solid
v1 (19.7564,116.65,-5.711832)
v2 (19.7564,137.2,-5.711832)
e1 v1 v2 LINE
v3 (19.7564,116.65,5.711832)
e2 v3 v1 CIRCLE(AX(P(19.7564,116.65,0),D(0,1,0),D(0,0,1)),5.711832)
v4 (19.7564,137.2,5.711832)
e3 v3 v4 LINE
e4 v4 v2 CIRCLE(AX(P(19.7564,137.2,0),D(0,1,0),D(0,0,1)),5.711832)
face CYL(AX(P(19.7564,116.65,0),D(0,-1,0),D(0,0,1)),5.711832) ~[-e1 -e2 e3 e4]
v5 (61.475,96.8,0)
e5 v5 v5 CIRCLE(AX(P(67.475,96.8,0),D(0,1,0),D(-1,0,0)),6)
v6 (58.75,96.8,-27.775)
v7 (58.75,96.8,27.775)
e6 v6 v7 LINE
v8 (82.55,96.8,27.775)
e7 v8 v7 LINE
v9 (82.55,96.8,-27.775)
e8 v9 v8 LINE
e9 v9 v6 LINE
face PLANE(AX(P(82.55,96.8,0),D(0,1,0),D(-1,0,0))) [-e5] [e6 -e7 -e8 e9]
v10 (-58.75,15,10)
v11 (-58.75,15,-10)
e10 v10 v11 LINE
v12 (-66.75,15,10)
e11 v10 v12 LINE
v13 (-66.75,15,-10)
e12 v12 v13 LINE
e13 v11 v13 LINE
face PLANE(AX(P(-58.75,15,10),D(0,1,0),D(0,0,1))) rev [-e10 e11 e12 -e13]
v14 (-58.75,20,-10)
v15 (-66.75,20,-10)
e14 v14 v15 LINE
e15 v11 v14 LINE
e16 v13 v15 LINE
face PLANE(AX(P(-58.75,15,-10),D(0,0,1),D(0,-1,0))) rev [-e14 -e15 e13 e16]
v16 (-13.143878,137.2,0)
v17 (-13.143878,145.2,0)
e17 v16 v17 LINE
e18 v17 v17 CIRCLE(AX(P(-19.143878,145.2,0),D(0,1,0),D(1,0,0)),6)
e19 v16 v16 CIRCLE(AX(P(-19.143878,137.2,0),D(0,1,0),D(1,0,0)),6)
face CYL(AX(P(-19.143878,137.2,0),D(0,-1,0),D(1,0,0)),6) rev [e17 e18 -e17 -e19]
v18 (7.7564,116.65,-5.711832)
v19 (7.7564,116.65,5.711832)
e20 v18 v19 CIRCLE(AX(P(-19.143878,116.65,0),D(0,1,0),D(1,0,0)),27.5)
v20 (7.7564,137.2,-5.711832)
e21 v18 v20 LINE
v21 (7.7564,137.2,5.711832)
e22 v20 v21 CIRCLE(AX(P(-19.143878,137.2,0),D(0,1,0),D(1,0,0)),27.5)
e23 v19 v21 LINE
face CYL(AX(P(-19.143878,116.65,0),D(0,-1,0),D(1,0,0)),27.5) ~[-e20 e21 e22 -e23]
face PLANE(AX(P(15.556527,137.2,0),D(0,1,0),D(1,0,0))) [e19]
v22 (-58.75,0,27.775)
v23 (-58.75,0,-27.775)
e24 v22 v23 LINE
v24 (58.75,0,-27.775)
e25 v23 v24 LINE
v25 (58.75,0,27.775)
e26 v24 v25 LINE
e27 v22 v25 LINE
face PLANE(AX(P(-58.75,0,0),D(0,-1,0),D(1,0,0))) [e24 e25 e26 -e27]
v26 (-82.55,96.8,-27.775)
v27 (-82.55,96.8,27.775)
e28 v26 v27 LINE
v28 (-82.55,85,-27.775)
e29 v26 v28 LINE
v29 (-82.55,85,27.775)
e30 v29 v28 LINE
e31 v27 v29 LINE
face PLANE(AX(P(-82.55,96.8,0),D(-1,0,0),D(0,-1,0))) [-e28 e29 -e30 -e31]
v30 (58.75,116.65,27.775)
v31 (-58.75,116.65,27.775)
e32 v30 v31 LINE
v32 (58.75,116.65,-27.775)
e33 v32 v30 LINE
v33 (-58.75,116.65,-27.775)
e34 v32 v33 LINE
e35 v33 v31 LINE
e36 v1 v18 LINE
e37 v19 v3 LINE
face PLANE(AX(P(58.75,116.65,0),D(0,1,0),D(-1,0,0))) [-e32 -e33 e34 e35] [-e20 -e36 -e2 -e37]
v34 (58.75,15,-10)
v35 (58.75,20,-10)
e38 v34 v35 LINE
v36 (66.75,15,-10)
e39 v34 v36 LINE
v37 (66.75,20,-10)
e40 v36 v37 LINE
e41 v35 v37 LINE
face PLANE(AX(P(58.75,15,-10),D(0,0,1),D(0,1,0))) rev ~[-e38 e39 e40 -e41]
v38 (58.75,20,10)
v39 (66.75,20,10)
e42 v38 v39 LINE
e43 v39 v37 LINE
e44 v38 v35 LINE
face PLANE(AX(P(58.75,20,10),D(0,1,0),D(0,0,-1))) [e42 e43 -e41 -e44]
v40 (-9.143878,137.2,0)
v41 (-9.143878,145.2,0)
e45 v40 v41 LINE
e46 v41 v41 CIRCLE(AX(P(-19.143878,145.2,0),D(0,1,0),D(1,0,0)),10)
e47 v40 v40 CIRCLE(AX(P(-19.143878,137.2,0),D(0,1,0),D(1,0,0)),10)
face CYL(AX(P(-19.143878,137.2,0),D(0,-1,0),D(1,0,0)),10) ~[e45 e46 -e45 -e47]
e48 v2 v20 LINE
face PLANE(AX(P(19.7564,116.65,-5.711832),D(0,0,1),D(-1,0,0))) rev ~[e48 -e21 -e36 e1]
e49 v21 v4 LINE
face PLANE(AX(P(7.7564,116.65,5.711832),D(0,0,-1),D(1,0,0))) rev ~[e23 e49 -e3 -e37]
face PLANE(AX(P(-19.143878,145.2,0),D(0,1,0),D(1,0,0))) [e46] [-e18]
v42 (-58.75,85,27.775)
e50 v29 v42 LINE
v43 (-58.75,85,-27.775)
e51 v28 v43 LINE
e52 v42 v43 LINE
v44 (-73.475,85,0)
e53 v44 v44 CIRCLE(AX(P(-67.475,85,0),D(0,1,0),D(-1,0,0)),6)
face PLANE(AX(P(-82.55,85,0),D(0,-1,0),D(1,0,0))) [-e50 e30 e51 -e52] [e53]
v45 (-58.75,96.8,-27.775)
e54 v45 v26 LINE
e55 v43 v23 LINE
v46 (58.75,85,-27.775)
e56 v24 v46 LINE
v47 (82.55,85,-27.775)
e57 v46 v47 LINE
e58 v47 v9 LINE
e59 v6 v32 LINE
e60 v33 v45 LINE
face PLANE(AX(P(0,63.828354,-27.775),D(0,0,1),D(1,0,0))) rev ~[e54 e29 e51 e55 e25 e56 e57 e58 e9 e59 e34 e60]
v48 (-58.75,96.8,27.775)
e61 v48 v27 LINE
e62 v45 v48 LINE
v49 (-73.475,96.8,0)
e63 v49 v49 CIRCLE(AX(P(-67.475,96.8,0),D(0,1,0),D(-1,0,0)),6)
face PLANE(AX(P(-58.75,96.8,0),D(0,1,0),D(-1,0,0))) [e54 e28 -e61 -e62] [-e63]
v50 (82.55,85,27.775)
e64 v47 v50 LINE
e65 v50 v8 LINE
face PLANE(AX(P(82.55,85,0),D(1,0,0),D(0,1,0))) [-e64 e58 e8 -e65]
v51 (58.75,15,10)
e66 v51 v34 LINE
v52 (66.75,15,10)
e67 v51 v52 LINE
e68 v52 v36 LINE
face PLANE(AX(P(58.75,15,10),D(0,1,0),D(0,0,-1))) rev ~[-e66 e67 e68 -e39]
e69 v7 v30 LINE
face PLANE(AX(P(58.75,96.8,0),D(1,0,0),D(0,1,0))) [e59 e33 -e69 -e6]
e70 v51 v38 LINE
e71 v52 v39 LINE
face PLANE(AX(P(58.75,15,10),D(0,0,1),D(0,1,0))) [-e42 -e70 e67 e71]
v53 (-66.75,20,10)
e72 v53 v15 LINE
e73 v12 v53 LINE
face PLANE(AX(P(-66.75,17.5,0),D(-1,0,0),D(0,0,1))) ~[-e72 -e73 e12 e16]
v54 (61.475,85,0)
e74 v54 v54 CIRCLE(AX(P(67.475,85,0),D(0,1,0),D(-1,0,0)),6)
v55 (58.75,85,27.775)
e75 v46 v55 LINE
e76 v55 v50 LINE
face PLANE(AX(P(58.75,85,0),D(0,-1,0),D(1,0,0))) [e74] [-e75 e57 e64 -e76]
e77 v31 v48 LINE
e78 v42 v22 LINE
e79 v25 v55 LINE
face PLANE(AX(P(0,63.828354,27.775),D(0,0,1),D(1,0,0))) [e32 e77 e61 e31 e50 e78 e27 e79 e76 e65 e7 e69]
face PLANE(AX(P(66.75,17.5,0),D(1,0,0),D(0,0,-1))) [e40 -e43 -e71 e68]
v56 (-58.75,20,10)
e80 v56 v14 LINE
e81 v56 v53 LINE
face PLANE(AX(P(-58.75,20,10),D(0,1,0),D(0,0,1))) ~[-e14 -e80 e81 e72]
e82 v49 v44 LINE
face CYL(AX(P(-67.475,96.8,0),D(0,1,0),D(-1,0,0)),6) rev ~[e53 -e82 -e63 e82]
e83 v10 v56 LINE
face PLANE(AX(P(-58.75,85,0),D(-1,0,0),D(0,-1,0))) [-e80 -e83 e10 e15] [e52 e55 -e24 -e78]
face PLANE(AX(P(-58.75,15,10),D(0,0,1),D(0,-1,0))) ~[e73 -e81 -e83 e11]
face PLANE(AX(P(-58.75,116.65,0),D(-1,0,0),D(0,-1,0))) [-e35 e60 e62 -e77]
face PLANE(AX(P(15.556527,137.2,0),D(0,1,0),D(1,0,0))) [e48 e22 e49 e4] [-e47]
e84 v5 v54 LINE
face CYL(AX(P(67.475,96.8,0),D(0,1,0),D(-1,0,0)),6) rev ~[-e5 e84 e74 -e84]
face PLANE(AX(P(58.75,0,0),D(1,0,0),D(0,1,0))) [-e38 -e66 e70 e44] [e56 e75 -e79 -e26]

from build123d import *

# Parameters (mm, degrees)
BOSS_EXTRUDE1_DEPTH = 27.775
SKETCH2_R           = 27.5
BOSS_EXTRUDE2_DEPTH = 20.55
SKETCH3_R           = 10
SKETCH3_R_2         = 6
EXTRUDE_THIN1_DEPTH = 8
SKETCH4_R           = 6
CUT_EXTRUDE2_DEPTH  = 11.8
SKETCH5_W           = 20
SKETCH5_H           = 5
BOSS_EXTRUDE3_DEPTH = 8


with BuildPart() as part:
    # Sketch1 → Boss-Extrude1 (new, symmetric)
    with BuildSketch(Plane.XY):
        Polygon((-58.75, 0), (58.75, 0), (58.75, 85), (82.55, 85), (82.55, 96.8), (58.75, 96.8), (58.75, 116.65), (-58.75, 116.65), (-58.75, 96.8), (-82.55, 96.8), (-82.55, 85), (-58.75, 85), align=None)
    extrude(amount=BOSS_EXTRUDE1_DEPTH, both=True)

    # Sketch2 → Boss-Extrude2 (add)
    with BuildSketch(Plane(origin=(0, 116.65, 0), x_dir=(1, 0, 0), z_dir=(0, 1, 0))):
        with BuildLine():
            Line((19.756400184, 5.711832399), (7.756400184, 5.711832399))
            ThreePointArc((7.756400184, 5.711832399), (8.205780532, 2.871615204), (8.356121921, 0))
            ThreePointArc((8.356121921, 0), (8.205780532, -2.871615204), (7.756400184, -5.711832399))
            Line((7.756400184, -5.711832399), (19.756400184, -5.711832399))
            ThreePointArc((19.756400184, -5.711832399), (25.468232583, 0), (19.756400184, 5.711832399))
        make_face()
        with Locations((-19.143878079, 0)):
            Circle(SKETCH2_R)
    extrude(amount=BOSS_EXTRUDE2_DEPTH)

    # Sketch3 → Extrude-Thin1 (add)
    with BuildSketch(Plane(origin=(0, 137.2, 0), x_dir=(1, 0, 0), z_dir=(0, 1, 0))):
        with Locations((-19.143878079, 0)):
            Circle(SKETCH3_R)
        with Locations((-19.143878079, 0)):
            Circle(SKETCH3_R_2, mode=Mode.SUBTRACT)
    extrude(amount=EXTRUDE_THIN1_DEPTH)

    # Sketch4 → Cut-Extrude2 (cut)
    with BuildSketch(Plane(origin=(0, 96.8, 0), x_dir=(1, 0, 0), z_dir=(0, 1, 0))):
        with Locations(Location((67.475, 0, 0), (0, 0, 180))):
            Circle(SKETCH4_R)
        with Locations(Location((-67.475, 0, 0), (0, 0, 180))):
            Circle(SKETCH4_R)
    extrude(amount=-CUT_EXTRUDE2_DEPTH, mode=Mode.SUBTRACT)

    # Sketch5 → Boss-Extrude3 (add)
    with BuildSketch(Plane(origin=(58.75, 0, 0), x_dir=(0, 0, -1), z_dir=(1, 0, 0))):
        with Locations((0, 17.5)):
            Rectangle(SKETCH5_W, SKETCH5_H)
    boss_extrude3 = extrude(amount=BOSS_EXTRUDE3_DEPTH)

    # Mirror1: Boss-Extrude3 across plane
    add(boss_extrude3.mirror(Plane(origin=(0, 0, 0), x_dir=(0, 0, 1), z_dir=(1, 0, 0))))


solid = part.part
